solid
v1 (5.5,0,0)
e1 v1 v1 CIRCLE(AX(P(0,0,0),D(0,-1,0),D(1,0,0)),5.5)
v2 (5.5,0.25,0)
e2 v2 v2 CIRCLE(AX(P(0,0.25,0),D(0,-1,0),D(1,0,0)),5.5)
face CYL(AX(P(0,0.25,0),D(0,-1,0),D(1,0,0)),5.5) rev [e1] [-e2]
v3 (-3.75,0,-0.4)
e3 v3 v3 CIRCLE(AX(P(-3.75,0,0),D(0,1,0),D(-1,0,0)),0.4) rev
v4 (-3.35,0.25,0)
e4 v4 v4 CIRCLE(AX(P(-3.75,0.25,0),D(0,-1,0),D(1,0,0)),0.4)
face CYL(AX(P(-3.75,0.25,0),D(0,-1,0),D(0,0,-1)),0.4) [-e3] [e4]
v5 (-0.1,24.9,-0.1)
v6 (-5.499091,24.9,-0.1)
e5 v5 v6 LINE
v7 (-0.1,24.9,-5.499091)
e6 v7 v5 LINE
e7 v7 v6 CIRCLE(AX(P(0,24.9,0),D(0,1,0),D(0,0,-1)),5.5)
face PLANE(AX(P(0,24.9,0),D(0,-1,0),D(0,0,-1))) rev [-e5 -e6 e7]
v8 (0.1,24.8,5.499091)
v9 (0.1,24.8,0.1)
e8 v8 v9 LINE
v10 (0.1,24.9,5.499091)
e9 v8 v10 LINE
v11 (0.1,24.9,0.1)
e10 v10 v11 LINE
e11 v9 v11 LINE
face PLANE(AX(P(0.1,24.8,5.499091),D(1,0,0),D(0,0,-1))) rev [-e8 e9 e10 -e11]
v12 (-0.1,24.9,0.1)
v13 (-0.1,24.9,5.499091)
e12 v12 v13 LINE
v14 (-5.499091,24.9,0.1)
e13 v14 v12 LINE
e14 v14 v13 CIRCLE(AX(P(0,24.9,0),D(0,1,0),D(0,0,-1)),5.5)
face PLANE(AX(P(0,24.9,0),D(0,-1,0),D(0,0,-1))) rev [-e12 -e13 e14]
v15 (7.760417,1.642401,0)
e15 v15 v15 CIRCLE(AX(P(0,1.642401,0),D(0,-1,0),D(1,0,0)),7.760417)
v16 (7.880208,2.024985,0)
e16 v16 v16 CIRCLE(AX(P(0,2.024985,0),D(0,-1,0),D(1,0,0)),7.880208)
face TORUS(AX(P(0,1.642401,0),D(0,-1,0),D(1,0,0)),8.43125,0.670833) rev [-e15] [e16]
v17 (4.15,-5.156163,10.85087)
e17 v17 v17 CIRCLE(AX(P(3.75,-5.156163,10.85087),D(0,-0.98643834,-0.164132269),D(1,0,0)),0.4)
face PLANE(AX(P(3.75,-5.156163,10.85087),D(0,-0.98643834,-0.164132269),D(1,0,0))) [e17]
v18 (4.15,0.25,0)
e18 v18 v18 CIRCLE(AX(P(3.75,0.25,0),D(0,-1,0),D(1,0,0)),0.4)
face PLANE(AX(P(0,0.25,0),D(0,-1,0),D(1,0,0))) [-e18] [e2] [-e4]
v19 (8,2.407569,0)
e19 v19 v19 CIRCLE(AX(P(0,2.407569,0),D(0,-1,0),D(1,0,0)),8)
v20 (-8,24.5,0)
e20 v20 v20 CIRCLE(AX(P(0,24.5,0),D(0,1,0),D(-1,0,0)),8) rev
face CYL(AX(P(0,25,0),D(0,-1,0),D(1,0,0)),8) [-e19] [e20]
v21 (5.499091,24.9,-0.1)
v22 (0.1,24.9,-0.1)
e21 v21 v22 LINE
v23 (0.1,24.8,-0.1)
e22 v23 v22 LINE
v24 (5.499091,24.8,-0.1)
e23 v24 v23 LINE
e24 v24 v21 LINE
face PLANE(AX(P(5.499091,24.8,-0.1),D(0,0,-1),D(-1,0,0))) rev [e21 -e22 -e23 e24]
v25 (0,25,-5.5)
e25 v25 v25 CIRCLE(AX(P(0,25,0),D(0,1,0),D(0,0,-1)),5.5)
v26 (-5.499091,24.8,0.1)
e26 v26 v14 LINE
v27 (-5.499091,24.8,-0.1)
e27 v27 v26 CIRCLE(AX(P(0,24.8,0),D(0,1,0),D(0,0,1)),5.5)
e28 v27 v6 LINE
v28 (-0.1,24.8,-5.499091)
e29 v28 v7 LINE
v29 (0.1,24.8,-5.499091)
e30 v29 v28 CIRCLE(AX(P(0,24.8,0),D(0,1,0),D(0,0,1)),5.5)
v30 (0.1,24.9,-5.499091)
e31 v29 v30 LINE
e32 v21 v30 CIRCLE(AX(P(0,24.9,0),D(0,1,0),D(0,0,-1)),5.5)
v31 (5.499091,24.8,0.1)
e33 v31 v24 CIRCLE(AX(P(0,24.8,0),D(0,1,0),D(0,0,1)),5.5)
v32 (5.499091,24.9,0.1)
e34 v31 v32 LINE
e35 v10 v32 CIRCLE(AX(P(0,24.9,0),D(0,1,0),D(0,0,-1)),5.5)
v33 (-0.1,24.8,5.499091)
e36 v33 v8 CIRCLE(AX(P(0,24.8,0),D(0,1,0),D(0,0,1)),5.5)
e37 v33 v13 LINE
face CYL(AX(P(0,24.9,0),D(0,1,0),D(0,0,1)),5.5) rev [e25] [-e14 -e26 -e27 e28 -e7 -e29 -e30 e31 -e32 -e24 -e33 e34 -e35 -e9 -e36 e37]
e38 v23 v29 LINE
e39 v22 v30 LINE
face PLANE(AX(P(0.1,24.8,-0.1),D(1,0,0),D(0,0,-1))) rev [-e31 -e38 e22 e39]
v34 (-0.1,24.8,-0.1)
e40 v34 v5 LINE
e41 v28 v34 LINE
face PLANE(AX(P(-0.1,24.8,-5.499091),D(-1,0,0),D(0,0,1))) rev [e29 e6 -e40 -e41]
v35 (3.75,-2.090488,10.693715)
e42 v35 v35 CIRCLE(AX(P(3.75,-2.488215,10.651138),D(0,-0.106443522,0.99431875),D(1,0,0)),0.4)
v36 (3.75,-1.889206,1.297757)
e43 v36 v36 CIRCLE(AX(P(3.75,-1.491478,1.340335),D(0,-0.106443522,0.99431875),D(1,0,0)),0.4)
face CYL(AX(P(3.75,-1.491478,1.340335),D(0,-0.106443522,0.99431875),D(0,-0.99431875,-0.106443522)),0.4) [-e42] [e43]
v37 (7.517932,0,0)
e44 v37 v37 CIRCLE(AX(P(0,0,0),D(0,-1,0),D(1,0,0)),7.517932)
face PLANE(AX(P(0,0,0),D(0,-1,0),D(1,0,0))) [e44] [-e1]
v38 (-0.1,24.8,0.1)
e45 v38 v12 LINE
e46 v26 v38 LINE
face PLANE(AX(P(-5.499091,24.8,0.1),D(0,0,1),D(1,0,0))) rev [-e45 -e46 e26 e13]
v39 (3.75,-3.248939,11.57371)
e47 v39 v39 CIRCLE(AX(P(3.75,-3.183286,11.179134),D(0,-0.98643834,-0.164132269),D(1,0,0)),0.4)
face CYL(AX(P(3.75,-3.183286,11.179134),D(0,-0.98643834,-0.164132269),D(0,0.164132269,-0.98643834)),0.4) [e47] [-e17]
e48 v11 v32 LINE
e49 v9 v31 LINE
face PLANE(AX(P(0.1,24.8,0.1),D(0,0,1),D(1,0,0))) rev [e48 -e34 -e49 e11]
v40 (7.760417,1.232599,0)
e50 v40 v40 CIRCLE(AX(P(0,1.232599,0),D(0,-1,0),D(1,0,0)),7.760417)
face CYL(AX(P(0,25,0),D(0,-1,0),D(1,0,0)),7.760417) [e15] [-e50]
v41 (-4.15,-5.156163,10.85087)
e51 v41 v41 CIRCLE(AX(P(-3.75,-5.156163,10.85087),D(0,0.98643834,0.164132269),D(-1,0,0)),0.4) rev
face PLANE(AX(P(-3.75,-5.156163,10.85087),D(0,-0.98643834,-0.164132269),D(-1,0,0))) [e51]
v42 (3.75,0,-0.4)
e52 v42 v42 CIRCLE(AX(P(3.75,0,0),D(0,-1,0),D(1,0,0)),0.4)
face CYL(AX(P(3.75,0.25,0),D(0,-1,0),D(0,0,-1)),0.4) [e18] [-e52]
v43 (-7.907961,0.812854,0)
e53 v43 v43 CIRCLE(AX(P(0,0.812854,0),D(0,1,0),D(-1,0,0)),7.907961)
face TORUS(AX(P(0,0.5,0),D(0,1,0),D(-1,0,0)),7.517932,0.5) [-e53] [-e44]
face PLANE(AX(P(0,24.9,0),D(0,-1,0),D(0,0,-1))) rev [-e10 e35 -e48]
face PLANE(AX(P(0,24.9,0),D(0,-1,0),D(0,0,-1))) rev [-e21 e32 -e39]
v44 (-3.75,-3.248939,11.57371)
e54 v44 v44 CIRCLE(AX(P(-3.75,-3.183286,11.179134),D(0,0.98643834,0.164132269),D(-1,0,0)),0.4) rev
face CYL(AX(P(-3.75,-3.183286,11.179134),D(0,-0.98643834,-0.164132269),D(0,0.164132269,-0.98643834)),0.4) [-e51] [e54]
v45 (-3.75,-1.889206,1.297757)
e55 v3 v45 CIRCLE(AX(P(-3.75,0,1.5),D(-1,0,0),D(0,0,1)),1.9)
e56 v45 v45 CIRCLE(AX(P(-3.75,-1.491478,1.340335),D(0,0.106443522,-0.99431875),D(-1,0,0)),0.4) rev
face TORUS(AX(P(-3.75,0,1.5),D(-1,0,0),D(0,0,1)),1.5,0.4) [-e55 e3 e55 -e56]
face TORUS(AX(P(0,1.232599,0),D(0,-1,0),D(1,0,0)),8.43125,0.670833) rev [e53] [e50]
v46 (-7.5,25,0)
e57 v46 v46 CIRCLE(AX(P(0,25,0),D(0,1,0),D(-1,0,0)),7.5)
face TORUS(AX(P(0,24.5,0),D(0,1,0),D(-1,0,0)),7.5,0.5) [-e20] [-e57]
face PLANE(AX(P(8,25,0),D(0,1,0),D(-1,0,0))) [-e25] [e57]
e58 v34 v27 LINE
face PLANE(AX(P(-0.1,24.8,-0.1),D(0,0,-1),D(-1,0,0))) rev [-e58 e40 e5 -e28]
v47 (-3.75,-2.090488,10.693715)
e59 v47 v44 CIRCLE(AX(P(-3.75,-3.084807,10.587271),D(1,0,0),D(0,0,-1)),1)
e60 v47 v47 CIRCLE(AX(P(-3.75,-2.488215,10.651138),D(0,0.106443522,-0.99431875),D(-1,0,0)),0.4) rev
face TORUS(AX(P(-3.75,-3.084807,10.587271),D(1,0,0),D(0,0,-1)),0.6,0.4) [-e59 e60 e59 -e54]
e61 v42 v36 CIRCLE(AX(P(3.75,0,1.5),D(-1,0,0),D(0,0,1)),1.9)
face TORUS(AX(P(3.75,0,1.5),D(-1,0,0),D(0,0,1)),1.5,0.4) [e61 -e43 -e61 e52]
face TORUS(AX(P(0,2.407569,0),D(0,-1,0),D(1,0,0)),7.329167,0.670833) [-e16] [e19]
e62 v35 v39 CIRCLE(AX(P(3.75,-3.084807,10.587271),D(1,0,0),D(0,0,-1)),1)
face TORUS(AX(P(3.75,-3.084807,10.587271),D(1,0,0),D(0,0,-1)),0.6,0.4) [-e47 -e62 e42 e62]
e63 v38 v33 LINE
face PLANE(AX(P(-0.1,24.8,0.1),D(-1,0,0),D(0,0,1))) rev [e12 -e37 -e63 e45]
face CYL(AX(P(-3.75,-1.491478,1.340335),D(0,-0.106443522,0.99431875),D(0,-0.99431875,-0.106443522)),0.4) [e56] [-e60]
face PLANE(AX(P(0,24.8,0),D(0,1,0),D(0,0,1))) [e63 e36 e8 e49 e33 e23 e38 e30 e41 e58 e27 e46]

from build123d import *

# Parameters (mm, degrees)
SKETCH2_R             = 5.5
CUT_EXTRUDE1_DEPTH    = 0.1
CUT_EXTRUDE2_DEPTH    = 0.1
CORTAR_EXTRUIR1_START = -0.25
CROQUIS4_R            = 5.5
CORTAR_EXTRUIR1_DEPTH = 0.25
FILLET1_R             = 0.5
CROQUIS8_R            = 0.4


with BuildPart() as part:
    # Sketch1 → Revolve1 (revolve)
    with BuildSketch(Plane.XY):
        with BuildLine():
            Line((8, 25), (0, 25))
            Line((0, 25), (0, 0))
            Line((0, 0), (8, 0))
            ThreePointArc((8, 0), (8.092932458, 0.406232629), (7.928060317, 0.788957816))
            ThreePointArc((7.928060317, 0.788957816), (7.803725589, 0.995469347), (7.760416667, 1.232599004))
            Line((7.760416667, 1.232599004), (7.760416667, 1.642400996))
            ThreePointArc((7.760416667, 1.642400996), (7.791064683, 1.842850794), (7.880208333, 2.024984899))
            ThreePointArc((7.880208333, 2.024984899), (7.969351983, 2.207119004), (8, 2.407568802))
            Line((8, 2.407568802), (8, 25))
        make_face()
    revolve(axis=Axis((0, 25, 0), (0, -1, 0)))

    # Sketch2 → Cut-Extrude1 (cut)
    with BuildSketch(Plane(origin=(0, 25, 0), x_dir=(-1, 0, 0), z_dir=(0, 1, 0))):
        with Locations(Location((0, 0, 0), (0, 0, 270))):
            Circle(SKETCH2_R)
    extrude(amount=-CUT_EXTRUDE1_DEPTH, mode=Mode.SUBTRACT)

    # Sketch3 → Cut-Extrude2 (cut)
    with BuildSketch(Plane(origin=(0, 24.9, 0), x_dir=(-1, 0, 0), z_dir=(0, 1, 0))):
        with BuildLine():
            Line((-5.499090834, -0.1), (-0.1, -0.1))
            Line((-0.1, -0.1), (-0.1, -5.499090834))
            ThreePointArc((-0.1, -5.499090834), (-0.050002066, -5.499772704), (0, -5.5))
            ThreePointArc((0, -5.5), (0.050002066, -5.499772704), (0.1, -5.499090834))
            Line((0.1, -5.499090834), (0.1, -0.1))
            Line((0.1, -0.1), (5.499090834, -0.1))
            ThreePointArc((5.499090834, -0.1), (5.499772704, -0.050002066), (5.5, 0))
            ThreePointArc((5.5, 0), (5.499772704, 0.050002066), (5.499090834, 0.1))
            Line((5.499090834, 0.1), (0.1, 0.1))
            Line((0.1, 0.1), (0.1, 5.499090834))
            ThreePointArc((0.1, 5.499090834), (0.050002066, 5.499772704), (0, 5.5))
            ThreePointArc((0, 5.5), (-0.050002066, 5.499772704), (-0.1, 5.499090834))
            Line((-0.1, 5.499090834), (-0.1, 0.1))
            Line((-0.1, 0.1), (-5.499090834, 0.1))
            ThreePointArc((-5.499090834, 0.1), (-5.499772704, 0.050002066), (-5.5, 0))
            ThreePointArc((-5.5, 0), (-5.499772704, -0.050002066), (-5.499090834, -0.1))
        make_face()
    extrude(amount=-CUT_EXTRUDE2_DEPTH, mode=Mode.SUBTRACT)

    # Croquis4 → Cortar-Extruir1 (cut)
    with BuildSketch(Plane.XZ.offset(CORTAR_EXTRUIR1_START)):
        with Locations(Location((0, 0, 0), (0, 0, 88.95820115))):
            Circle(CROQUIS4_R)
    extrude(amount=CORTAR_EXTRUIR1_DEPTH, mode=Mode.SUBTRACT)

    # Fillet1
    fillet1_edges = [part.edges().sort_by_distance(p)[0] for p in [
        (-8, 25, 0),
        (-8, 0, 0),
    ]]
    fillet(fillet1_edges, radius=FILLET1_R)

    # Barrer6: sweep along a path in Croquis2
    with BuildLine(Plane(origin=(3.75, 0, 0), x_dir=(0, 0, -1), z_dir=(1, 0, 0))) as barrer6_path:
        Line((0, 0.25), (0, 0))
        ThreePointArc((0, 0), (-0.384316818, -1.002622081), (-1.340334716, -1.491478125))
        Line((-1.340334716, -1.491478125), (-10.651137541, -2.488215488))
        ThreePointArc((-10.651137541, -2.488215488), (-11.06505376, -2.721868669), (-11.179134431, -3.1832861))
        Line((-11.179134431, -3.1832861), (-10.850869892, -5.15616278))
    # Croquis8 → Barrer6 (sweep)
    with BuildSketch(Plane.XZ.offset(-0.25)):
        with Locations((3.75, 0)):
            Circle(CROQUIS8_R)
    barrer6 = sweep(path=barrer6_path.line)

    # Mirror1: Barrer6 across plane
    add(barrer6.mirror(Plane(origin=(0, 0, 0), x_dir=(0, 0, 1), z_dir=(1, 0, 0))))


solid = part.part
